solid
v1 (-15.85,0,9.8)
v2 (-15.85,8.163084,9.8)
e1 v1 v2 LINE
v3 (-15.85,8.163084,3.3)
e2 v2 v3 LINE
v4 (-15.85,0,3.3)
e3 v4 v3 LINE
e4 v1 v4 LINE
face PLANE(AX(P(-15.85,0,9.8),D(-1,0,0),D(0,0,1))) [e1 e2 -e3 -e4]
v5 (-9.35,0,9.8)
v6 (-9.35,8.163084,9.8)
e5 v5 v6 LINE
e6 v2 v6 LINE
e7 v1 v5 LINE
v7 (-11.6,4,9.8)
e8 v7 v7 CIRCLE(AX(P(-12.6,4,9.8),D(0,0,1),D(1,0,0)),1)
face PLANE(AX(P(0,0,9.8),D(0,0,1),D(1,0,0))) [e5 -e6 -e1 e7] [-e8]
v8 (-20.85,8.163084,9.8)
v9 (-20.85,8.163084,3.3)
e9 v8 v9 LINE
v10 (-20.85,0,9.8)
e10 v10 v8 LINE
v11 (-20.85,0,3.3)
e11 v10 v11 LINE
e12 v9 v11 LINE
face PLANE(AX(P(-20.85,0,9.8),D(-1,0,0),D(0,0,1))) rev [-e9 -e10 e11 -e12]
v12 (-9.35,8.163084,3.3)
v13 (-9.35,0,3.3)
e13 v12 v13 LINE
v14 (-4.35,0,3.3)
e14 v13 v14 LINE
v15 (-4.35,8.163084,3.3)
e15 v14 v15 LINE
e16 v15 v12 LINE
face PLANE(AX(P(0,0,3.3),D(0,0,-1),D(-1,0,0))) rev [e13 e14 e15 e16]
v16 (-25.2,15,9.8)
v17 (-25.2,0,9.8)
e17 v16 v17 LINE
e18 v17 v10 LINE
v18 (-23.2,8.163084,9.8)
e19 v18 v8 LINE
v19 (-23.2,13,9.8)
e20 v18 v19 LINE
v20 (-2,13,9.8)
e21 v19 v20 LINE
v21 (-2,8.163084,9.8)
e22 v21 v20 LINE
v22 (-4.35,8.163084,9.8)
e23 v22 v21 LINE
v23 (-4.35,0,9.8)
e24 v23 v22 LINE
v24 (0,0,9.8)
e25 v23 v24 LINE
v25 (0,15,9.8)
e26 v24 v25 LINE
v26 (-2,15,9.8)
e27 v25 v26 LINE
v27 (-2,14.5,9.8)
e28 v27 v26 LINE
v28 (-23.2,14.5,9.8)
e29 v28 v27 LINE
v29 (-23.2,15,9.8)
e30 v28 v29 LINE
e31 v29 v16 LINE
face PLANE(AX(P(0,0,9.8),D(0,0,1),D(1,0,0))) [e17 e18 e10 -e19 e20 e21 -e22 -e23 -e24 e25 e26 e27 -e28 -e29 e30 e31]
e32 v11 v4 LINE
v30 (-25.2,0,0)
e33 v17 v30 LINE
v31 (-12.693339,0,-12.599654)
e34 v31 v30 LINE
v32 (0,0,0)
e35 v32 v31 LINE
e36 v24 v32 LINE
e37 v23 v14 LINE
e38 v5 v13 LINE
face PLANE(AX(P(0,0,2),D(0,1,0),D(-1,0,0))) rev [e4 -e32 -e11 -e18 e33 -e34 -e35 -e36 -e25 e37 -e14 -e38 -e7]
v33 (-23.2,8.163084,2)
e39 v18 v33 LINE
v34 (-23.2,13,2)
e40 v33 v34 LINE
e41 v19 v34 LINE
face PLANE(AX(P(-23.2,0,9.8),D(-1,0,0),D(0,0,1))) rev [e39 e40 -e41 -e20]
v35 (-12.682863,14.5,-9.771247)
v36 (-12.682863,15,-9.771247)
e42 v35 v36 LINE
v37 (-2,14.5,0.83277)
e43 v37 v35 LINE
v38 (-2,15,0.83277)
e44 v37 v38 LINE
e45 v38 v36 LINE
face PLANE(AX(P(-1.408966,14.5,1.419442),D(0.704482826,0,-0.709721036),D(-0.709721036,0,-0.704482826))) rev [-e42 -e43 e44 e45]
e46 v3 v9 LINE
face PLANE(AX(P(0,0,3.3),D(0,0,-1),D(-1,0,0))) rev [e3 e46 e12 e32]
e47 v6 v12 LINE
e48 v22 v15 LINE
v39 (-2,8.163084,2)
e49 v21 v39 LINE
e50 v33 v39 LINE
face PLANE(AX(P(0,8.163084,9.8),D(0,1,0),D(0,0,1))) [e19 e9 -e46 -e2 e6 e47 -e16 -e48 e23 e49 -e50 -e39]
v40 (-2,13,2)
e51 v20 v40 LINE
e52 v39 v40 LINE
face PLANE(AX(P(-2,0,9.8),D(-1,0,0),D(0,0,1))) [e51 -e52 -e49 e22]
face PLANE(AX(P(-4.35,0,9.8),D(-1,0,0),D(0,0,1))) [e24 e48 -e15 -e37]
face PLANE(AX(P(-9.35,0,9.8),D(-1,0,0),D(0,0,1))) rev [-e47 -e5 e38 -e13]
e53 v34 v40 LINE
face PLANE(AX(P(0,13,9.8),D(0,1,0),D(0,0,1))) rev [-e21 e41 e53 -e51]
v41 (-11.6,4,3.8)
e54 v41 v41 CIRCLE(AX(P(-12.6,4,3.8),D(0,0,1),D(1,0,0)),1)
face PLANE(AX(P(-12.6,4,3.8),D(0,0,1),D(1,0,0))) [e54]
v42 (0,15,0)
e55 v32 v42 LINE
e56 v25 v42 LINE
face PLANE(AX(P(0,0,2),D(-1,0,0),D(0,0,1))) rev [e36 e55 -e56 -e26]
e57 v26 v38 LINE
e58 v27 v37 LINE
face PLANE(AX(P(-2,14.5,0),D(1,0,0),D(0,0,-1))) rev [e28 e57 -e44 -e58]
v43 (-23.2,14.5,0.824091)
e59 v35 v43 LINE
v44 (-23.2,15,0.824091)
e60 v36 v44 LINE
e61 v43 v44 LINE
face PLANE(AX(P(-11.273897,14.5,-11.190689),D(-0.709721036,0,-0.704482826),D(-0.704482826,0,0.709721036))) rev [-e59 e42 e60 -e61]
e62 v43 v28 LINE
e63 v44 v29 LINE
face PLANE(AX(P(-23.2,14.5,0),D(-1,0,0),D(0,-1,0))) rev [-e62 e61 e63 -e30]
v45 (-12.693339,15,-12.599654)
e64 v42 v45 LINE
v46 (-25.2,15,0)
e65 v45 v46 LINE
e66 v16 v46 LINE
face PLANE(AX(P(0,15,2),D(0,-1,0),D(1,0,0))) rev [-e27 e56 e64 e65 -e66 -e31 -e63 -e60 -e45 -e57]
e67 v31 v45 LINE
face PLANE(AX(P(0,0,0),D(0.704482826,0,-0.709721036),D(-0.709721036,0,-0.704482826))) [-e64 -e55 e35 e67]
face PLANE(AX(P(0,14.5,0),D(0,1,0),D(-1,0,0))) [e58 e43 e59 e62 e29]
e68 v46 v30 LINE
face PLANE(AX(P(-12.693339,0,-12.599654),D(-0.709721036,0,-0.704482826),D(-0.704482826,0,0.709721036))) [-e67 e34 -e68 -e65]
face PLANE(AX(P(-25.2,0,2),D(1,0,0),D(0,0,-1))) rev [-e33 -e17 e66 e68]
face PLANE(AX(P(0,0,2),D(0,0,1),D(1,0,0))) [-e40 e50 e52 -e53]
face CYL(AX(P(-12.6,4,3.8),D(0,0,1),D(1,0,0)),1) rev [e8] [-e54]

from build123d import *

# Parameters (mm, degrees)
SKETCH2_W           = 25.2
SKETCH2_H           = 15
BOSS_EXTRUDE2_DEPTH = 2
SKETCH3_W           = 2
SKETCH3_H           = 13
BOSS_EXTRUDE3_DEPTH = 7.8
BOSS_EXTRUDE4_DEPTH = 15
SKETCH5_W           = 6.5
SKETCH5_H           = 8.163083502
SKETCH5_W_2         = 2.35
BOSS_EXTRUDE5_DEPTH = 7.8
SKETCH6_W           = 5
SKETCH6_H           = 8.163083502
BOSS_EXTRUDE6_DEPTH = 1.3
SKETCH8_W           = 21.2
SKETCH8_H           = 2
CUT_EXTRUDE1_DEPTH  = 0.5
SKETCH10_R          = 1
CUT_EXTRUDE4_DEPTH  = 6


with BuildPart() as part:
    # Sketch2 → Boss-Extrude2 (new body)
    with BuildSketch(Plane.XY):
        with Locations((-12.6, 7.5)):
            Rectangle(SKETCH2_W, SKETCH2_H)
    extrude(amount=BOSS_EXTRUDE2_DEPTH)

    # Sketch3 → Boss-Extrude3 (add)
    with BuildSketch(Plane.XY.offset(2)):
        Polygon((-25.2, 15), (-25.2, 0), (-23.2, 0), (-23.2, 13), (-23.2, 15), align=None)
        Polygon((-23.2, 15), (-23.2, 13), (-2, 13), (0, 13), (0, 15), align=None)
        with Locations((-1, 6.5)):
            Rectangle(SKETCH3_W, SKETCH3_H)
    extrude(amount=BOSS_EXTRUDE3_DEPTH)

    # Sketch4 → Boss-Extrude4 (add, through all)
    with BuildSketch(Plane(origin=(0, 15, 0), x_dir=(1, 0, 0), z_dir=(0, 1, 0))):
        Polygon((0, 0), (-12.693339498, 12.599654271), (-25.2, 0), align=None)
    extrude(amount=-BOSS_EXTRUDE4_DEPTH)

    # Sketch5 → Boss-Extrude5 (add)
    with BuildSketch(Plane.XY.offset(2)):
        with Locations((-12.6, 4.081541751)):
            Rectangle(SKETCH5_W, SKETCH5_H)
        with Locations((-3.175, 4.081541751)):
            Rectangle(SKETCH5_W_2, SKETCH5_H)
        with Locations((-22.025, 4.081541751)):
            Rectangle(SKETCH5_W_2, SKETCH5_H)
    extrude(amount=BOSS_EXTRUDE5_DEPTH)

    # Sketch6 → Boss-Extrude6 (add)
    with BuildSketch(Plane.XY.offset(2)):
        with Locations((-18.35, 4.081541751)):
            Rectangle(SKETCH6_W, SKETCH6_H)
        with Locations((-6.85, 4.081541751)):
            Rectangle(SKETCH6_W, SKETCH6_H)
    extrude(amount=BOSS_EXTRUDE6_DEPTH)

    # Sketch8 → Cut-Extrude1 (cut)
    with BuildSketch(Plane(origin=(0, 15, 0), x_dir=(1, 0, 0), z_dir=(0, 1, 0))):
        Polygon((-12.682863078, 9.771246548), (-23.2, -0.824090961), (-23.2, -7.8), (-2, -7.8), (-2, -0.832769946), align=None)
        with Locations((-12.6, -8.8)):
            Rectangle(SKETCH8_W, SKETCH8_H)
    extrude(amount=-CUT_EXTRUDE1_DEPTH, mode=Mode.SUBTRACT)

    # Sketch10 → Cut-Extrude4 (cut)
    with BuildSketch(Plane.XY.offset(9.8)):
        with Locations((-12.6, 4)):
            Circle(SKETCH10_R)
    extrude(amount=-CUT_EXTRUDE4_DEPTH, mode=Mode.SUBTRACT)


solid = part.part
